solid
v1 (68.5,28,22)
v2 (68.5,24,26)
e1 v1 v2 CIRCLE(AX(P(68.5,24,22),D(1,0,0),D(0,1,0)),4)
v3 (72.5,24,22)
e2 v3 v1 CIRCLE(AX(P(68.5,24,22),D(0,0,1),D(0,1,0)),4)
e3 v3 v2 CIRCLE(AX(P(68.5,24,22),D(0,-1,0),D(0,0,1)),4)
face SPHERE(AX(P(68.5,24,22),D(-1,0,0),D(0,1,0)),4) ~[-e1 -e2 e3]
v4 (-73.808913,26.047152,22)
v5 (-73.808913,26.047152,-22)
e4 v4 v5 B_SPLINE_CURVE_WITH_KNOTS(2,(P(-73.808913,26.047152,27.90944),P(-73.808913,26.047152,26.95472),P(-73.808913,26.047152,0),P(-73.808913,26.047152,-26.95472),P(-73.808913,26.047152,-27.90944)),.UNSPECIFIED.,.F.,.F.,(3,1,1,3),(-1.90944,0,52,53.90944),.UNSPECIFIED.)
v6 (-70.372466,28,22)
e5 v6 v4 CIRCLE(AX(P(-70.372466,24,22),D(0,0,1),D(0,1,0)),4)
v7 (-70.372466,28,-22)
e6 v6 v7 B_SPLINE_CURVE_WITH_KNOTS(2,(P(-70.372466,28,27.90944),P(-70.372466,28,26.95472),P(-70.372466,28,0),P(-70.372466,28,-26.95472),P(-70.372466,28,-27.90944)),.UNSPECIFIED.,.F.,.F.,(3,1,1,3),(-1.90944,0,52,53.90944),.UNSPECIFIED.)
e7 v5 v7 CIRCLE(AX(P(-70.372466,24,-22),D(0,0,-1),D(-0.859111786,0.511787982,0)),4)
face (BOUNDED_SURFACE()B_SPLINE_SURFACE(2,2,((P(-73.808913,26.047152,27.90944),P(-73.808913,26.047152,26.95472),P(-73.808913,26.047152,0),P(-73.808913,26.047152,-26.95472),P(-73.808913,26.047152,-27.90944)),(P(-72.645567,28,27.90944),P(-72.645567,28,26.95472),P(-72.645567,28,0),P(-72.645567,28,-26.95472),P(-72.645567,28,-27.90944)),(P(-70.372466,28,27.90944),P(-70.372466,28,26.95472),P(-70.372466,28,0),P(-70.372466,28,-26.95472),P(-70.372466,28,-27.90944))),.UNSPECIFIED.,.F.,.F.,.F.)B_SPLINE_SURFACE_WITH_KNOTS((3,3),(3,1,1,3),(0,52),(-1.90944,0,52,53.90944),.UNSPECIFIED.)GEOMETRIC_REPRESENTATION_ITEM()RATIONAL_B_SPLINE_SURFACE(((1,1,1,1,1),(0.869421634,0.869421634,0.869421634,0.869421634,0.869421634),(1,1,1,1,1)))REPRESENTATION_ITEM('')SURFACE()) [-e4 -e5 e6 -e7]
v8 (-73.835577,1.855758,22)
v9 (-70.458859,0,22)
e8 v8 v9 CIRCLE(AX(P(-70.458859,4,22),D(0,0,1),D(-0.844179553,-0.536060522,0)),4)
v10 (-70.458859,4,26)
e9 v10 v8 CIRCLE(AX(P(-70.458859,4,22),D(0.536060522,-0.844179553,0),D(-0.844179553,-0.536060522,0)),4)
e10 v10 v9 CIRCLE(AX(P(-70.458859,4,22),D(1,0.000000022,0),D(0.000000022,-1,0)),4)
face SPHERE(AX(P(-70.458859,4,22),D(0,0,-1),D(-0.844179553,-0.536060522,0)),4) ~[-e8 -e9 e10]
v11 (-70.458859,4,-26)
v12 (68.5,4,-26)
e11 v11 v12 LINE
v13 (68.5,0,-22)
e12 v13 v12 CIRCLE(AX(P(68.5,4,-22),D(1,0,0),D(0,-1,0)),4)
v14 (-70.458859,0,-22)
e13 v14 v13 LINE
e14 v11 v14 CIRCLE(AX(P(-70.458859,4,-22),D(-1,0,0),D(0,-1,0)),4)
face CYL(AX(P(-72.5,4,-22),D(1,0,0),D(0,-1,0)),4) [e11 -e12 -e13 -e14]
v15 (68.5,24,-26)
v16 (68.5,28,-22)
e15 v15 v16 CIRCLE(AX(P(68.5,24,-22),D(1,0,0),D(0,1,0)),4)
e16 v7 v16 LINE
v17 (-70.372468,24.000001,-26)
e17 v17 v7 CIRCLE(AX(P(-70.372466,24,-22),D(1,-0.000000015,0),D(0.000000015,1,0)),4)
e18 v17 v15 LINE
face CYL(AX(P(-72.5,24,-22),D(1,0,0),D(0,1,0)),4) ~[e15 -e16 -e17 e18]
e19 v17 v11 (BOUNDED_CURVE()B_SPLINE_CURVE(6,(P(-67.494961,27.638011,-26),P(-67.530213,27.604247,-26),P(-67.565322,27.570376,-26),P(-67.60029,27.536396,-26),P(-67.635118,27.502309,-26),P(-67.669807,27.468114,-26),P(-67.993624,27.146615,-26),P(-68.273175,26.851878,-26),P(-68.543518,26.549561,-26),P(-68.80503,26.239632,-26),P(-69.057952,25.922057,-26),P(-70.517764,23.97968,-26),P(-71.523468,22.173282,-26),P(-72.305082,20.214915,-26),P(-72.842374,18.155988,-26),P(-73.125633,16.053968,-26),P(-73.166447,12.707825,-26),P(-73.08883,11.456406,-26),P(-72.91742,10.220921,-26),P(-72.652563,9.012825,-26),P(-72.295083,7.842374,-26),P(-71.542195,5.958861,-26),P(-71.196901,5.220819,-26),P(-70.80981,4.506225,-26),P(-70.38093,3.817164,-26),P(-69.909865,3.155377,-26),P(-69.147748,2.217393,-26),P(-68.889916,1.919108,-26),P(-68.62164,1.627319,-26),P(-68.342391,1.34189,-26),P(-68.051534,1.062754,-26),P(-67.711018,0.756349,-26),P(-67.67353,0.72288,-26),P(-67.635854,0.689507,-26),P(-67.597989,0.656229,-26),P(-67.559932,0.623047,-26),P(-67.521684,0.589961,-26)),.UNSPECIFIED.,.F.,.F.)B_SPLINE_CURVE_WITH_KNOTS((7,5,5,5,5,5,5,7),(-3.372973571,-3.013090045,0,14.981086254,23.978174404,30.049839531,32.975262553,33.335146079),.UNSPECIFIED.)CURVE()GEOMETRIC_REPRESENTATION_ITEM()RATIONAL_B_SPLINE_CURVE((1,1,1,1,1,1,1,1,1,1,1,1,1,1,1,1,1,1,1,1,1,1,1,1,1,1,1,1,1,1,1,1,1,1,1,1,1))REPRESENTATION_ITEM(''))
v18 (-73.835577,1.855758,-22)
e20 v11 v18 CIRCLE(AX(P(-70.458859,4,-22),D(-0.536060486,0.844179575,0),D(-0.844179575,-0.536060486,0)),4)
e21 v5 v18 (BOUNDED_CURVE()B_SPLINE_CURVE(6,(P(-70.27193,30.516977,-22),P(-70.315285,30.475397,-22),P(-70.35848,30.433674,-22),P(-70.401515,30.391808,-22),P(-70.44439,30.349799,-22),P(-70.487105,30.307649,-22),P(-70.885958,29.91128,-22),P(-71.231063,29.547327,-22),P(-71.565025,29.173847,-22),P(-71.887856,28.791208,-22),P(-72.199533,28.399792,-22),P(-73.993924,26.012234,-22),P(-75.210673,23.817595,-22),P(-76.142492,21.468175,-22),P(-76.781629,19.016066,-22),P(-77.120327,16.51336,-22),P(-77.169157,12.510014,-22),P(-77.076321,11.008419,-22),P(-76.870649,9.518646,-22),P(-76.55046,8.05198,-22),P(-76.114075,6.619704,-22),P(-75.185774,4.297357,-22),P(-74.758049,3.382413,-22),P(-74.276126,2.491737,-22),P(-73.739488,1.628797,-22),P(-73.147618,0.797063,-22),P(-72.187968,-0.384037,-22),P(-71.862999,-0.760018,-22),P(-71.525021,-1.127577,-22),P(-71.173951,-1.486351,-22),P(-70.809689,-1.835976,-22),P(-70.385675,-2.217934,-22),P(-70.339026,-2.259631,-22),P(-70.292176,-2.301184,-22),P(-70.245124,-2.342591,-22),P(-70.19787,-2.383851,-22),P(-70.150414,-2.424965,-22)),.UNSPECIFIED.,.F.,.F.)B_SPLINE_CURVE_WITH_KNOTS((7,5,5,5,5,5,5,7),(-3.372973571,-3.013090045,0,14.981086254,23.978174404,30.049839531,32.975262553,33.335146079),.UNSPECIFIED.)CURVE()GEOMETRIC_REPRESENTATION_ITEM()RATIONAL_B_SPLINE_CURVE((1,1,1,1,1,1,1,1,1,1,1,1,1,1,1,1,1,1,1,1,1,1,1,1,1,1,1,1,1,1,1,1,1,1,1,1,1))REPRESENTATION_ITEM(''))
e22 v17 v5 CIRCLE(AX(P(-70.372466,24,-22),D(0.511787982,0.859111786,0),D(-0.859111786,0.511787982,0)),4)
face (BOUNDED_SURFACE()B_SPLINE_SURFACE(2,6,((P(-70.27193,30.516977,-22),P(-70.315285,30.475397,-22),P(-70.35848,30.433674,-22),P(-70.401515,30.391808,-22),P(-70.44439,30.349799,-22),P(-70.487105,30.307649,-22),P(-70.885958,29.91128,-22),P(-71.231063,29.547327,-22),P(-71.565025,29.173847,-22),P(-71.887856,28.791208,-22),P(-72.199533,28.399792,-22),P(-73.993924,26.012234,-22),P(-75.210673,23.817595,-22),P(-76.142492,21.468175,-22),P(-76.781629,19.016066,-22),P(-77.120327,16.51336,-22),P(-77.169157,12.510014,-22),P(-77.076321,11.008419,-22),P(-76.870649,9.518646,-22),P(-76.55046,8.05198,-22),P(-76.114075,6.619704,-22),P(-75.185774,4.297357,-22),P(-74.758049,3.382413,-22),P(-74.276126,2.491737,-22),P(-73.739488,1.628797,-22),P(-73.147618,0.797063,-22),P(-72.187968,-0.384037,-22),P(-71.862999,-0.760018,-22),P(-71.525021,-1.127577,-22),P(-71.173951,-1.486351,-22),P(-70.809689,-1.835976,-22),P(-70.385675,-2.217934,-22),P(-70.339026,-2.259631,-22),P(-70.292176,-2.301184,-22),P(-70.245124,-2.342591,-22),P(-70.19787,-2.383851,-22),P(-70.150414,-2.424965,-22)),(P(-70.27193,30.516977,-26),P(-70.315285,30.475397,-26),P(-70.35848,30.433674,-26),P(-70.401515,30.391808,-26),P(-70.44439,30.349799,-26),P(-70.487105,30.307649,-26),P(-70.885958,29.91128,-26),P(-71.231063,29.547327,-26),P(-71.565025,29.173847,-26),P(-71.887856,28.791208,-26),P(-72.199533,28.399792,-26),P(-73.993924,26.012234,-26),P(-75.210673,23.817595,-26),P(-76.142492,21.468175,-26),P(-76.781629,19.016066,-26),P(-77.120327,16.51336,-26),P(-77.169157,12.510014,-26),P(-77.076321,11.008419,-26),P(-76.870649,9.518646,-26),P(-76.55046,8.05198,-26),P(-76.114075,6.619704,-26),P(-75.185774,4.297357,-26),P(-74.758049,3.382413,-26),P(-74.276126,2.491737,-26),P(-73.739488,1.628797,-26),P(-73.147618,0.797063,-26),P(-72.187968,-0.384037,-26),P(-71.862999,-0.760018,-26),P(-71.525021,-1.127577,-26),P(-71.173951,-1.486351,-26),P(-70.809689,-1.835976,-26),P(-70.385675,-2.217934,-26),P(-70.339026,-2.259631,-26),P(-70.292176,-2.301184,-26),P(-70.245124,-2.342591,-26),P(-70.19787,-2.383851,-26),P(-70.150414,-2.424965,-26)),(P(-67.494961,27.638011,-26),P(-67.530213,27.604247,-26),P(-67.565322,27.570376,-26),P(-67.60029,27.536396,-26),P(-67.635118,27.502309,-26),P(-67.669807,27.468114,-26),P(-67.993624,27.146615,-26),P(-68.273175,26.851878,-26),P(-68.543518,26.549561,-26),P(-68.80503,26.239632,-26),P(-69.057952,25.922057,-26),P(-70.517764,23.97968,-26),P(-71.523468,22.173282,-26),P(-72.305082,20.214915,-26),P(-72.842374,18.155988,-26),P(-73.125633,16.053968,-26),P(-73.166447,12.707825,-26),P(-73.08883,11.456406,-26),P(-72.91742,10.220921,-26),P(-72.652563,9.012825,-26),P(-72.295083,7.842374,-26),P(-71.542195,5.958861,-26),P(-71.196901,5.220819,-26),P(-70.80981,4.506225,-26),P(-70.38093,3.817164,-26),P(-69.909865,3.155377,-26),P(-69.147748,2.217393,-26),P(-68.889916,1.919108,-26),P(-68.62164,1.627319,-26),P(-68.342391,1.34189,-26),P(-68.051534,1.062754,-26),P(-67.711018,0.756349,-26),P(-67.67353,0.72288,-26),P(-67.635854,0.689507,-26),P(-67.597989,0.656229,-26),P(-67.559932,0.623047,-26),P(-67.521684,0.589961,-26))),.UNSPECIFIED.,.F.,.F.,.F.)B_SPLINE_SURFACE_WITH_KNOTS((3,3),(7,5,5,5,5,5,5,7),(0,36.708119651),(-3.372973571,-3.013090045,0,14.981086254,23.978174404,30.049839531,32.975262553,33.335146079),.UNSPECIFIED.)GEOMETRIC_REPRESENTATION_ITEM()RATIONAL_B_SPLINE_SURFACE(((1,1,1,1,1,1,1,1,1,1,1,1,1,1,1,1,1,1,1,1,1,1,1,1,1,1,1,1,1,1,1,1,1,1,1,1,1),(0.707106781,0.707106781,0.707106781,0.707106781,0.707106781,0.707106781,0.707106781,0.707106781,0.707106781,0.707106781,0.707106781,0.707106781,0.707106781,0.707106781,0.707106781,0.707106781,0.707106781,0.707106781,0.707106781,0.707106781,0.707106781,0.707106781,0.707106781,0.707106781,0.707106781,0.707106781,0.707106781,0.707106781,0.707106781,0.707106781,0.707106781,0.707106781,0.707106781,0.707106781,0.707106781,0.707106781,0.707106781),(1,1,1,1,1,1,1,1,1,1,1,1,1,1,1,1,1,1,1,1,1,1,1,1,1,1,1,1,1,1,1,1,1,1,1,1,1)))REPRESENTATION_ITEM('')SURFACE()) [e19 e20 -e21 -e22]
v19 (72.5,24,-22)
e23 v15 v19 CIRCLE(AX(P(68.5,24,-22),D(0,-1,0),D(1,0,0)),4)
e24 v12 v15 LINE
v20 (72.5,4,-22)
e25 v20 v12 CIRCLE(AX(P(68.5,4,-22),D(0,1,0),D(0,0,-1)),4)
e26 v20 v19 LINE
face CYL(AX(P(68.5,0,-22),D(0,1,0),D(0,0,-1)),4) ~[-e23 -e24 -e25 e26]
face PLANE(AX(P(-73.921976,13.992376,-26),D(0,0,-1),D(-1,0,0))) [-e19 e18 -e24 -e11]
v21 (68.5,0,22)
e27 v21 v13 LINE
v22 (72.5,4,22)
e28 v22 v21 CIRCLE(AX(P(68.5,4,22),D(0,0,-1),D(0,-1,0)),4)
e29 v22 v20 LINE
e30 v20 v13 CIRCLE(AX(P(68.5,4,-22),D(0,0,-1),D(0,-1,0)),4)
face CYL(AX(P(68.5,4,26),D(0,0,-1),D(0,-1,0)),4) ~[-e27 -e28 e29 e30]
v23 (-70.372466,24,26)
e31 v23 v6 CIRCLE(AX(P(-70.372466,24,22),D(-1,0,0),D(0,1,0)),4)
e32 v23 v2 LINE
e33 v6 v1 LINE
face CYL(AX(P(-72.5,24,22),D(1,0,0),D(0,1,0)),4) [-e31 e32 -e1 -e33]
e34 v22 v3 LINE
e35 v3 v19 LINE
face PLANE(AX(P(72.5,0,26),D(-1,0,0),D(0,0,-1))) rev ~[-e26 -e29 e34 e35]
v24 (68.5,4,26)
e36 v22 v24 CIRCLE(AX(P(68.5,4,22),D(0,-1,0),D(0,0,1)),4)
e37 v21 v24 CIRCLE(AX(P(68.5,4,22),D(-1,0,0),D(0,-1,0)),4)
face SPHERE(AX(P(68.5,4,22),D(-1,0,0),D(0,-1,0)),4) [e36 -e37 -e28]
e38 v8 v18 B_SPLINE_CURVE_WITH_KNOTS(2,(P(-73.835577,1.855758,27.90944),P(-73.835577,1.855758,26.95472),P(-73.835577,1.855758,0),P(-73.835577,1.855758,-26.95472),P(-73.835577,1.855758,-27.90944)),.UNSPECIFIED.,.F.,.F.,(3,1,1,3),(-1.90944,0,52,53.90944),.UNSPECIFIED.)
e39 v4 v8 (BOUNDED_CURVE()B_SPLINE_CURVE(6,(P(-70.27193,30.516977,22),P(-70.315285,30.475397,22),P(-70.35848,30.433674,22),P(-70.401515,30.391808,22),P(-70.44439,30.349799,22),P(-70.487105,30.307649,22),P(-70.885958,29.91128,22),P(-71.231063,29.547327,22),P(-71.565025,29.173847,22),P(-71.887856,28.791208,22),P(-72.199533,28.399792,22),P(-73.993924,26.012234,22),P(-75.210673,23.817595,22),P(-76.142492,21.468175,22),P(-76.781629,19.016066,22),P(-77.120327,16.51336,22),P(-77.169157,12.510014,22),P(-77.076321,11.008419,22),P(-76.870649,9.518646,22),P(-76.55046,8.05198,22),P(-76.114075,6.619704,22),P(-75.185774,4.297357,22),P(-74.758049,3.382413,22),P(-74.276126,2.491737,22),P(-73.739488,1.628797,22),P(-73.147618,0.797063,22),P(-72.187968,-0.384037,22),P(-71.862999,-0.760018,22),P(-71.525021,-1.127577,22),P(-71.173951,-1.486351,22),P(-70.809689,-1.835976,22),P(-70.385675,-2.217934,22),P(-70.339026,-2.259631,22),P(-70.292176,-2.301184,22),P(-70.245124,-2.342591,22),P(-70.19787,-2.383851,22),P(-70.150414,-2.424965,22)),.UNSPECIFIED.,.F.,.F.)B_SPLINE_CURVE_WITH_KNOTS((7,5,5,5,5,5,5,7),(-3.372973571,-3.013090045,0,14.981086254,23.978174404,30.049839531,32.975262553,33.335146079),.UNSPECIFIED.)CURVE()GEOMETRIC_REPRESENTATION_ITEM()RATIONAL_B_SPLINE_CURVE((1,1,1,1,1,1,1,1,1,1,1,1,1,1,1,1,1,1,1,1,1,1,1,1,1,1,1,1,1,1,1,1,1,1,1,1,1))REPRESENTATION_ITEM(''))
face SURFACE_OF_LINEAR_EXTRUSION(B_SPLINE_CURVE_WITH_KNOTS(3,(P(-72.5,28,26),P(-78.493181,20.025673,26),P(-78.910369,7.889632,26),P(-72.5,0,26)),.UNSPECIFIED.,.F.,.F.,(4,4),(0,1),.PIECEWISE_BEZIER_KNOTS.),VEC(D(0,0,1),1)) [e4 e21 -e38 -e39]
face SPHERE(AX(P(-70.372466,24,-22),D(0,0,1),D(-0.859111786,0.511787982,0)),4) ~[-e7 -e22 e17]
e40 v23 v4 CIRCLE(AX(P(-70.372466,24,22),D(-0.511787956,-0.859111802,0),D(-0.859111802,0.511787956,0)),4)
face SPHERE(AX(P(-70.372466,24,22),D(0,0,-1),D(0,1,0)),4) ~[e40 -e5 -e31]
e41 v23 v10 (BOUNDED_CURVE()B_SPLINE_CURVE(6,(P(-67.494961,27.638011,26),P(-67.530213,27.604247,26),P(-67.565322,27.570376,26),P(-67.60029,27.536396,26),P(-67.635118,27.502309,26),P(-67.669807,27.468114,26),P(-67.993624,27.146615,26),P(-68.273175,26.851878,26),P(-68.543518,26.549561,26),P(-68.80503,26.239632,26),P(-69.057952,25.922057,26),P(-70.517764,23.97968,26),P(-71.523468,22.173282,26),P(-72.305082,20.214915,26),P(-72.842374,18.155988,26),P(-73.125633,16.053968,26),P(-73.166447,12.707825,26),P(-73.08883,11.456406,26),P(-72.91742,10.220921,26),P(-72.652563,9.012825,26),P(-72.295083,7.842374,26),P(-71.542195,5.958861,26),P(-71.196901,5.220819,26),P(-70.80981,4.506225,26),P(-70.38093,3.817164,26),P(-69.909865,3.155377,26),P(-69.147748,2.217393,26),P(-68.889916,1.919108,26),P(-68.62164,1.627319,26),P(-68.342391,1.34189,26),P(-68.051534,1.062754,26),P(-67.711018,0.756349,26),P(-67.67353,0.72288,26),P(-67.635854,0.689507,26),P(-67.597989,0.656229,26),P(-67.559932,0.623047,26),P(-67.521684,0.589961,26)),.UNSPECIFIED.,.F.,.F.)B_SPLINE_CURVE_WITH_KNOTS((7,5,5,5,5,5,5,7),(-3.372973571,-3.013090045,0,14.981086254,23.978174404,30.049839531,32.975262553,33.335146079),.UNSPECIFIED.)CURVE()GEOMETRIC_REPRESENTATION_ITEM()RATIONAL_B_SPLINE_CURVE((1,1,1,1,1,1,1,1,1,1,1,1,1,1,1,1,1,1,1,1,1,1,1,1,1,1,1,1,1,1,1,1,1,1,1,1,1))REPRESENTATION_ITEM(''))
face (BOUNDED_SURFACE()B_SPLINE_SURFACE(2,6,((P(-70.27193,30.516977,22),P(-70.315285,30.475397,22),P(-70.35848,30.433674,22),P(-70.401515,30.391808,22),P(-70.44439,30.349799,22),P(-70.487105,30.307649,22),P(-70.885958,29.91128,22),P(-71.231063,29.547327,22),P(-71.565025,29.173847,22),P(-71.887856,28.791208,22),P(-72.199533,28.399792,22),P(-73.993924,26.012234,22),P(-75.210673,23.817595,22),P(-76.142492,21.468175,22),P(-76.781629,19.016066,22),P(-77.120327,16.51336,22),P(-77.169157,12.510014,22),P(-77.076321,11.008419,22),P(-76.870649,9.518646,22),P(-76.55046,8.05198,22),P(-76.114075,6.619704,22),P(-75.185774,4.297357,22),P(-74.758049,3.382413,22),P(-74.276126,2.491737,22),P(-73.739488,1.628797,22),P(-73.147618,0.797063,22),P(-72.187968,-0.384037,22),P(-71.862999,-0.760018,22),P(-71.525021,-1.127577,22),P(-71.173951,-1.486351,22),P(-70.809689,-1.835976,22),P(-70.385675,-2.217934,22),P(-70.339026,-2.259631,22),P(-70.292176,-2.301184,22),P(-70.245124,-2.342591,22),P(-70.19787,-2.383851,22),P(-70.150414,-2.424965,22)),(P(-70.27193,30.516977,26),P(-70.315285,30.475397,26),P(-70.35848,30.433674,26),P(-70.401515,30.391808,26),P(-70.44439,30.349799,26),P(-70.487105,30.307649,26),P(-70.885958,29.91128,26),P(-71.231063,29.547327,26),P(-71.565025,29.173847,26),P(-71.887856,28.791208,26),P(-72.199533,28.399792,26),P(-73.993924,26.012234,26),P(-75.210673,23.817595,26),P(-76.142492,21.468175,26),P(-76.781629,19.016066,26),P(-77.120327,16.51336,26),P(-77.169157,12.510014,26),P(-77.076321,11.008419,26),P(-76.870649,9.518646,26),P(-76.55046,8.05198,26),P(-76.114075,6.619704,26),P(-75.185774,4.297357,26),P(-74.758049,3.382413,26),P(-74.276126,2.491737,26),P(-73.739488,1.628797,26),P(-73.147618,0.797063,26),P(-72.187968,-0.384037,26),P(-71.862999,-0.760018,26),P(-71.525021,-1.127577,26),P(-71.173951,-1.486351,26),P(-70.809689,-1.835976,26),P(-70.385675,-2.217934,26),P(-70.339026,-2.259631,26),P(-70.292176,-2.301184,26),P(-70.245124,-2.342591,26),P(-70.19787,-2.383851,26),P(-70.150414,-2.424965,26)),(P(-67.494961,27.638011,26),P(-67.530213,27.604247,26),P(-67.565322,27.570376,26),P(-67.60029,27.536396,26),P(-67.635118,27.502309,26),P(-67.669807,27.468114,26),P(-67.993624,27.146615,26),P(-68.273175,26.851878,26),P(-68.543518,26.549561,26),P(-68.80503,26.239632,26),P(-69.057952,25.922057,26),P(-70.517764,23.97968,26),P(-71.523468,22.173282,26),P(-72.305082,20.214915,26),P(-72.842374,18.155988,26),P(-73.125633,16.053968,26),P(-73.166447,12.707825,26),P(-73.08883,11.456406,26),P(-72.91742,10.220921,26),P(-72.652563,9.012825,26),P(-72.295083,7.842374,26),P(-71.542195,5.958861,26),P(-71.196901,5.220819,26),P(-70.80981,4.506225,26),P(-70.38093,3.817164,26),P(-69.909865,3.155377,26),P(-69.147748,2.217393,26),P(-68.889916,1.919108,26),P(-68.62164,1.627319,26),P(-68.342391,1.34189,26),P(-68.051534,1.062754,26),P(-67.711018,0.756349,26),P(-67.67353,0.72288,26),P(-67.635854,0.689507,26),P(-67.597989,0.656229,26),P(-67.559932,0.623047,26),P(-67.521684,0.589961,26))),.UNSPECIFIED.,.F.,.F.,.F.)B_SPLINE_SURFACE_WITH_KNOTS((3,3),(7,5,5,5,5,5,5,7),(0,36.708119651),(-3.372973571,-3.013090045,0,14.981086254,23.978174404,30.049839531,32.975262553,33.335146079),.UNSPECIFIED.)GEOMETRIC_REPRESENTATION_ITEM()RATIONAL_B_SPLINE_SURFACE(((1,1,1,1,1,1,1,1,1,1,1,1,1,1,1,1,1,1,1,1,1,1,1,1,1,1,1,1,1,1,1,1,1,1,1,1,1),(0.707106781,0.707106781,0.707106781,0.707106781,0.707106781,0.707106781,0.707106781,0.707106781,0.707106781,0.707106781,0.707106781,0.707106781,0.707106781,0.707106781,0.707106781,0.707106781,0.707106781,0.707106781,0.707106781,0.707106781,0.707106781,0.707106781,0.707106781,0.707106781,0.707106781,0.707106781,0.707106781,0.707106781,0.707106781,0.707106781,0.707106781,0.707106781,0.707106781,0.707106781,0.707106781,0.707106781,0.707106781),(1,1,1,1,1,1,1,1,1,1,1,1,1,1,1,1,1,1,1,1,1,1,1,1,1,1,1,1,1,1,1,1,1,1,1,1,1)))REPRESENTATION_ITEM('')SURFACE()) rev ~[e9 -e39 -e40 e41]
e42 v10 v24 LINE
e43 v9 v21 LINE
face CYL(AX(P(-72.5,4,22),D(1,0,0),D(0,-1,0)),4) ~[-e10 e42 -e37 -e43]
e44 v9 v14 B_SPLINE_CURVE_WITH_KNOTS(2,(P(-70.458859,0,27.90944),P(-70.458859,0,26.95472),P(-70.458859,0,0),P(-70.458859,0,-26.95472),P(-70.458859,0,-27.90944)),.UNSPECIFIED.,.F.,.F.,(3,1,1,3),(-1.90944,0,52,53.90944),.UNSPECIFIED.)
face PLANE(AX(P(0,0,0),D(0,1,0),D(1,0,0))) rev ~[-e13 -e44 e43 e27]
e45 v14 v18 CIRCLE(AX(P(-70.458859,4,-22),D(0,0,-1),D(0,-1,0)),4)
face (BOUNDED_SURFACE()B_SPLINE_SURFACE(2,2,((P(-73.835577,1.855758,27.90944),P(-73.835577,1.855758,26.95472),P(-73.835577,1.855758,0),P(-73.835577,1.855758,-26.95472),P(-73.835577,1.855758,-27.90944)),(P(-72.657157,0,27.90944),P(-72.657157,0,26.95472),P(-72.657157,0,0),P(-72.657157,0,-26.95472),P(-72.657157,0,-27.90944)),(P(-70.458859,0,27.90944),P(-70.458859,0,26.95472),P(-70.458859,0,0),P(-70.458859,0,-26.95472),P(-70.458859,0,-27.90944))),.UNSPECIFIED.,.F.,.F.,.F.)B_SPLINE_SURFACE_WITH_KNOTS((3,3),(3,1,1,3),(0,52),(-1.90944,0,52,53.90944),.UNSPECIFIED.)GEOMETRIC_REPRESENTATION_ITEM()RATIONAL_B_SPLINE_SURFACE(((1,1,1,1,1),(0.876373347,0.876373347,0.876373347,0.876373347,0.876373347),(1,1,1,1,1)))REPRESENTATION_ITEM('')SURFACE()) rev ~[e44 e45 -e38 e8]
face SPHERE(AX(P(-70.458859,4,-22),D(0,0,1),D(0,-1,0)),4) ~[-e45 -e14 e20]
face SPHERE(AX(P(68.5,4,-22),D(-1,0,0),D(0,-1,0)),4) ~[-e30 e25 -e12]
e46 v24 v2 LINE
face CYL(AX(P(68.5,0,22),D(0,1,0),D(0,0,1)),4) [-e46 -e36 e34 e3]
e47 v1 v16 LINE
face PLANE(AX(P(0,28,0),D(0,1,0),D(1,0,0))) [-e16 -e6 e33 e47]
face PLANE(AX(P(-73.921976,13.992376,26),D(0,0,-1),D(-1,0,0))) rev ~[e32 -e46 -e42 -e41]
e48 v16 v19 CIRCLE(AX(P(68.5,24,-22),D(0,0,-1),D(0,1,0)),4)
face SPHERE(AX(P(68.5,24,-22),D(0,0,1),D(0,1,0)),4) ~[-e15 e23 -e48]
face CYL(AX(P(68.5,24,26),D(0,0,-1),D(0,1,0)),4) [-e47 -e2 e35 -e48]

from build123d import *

# Parameters (mm, degrees)
SKETCH1_W           = 145
SKETCH1_H           = 52
BOSS_EXTRUDE1_DEPTH = 28
BOSS_EXTRUDE2_DEPTH = 52
FILLET1_R           = 4


with BuildPart() as part:
    # Sketch1 → Boss-Extrude1 (new body)
    with BuildSketch(Plane(origin=(0, 0, 0), x_dir=(1, 0, 0), z_dir=(0, 1, 0))):
        Rectangle(SKETCH1_W, SKETCH1_H)
    extrude(amount=BOSS_EXTRUDE1_DEPTH)

    # Sketch2 → Boss-Extrude2 (add)
    with BuildSketch(Plane.XY.offset(26)):
        with BuildLine():
            Line((-72.5, 28), (-72.5, 0))
            add(Edge.make_bspline(
                [(-72.5, 28), (-78.493180673, 20.025672692), (-78.910368837, 7.889631717), (-72.5, 0)],
                knots=[0, 0, 0, 0, 1, 1, 1, 1], degree=3))
        make_face()
    extrude(amount=-BOSS_EXTRUDE2_DEPTH)

    # Fillet1
    fillet1_edges = [part.edges().sort_by_distance(p)[0] for p in [
        (-72.5, 28, 0),
        (0, 28, 26),
        (-77.151285846, 13.972552869, -26),
        (-77.151285846, 13.972552869, 26),
        (72.5, 28, 0),
        (0, 0, 26),
        (-72.5, 0, 0),
        (0, 0, -26),
        (72.5, 0, 0),
        (0, 28, -26),
        (72.5, 14, 26),
        (72.5, 14, -26),
    ]]
    fillet(fillet1_edges, radius=FILLET1_R)


solid = part.part
